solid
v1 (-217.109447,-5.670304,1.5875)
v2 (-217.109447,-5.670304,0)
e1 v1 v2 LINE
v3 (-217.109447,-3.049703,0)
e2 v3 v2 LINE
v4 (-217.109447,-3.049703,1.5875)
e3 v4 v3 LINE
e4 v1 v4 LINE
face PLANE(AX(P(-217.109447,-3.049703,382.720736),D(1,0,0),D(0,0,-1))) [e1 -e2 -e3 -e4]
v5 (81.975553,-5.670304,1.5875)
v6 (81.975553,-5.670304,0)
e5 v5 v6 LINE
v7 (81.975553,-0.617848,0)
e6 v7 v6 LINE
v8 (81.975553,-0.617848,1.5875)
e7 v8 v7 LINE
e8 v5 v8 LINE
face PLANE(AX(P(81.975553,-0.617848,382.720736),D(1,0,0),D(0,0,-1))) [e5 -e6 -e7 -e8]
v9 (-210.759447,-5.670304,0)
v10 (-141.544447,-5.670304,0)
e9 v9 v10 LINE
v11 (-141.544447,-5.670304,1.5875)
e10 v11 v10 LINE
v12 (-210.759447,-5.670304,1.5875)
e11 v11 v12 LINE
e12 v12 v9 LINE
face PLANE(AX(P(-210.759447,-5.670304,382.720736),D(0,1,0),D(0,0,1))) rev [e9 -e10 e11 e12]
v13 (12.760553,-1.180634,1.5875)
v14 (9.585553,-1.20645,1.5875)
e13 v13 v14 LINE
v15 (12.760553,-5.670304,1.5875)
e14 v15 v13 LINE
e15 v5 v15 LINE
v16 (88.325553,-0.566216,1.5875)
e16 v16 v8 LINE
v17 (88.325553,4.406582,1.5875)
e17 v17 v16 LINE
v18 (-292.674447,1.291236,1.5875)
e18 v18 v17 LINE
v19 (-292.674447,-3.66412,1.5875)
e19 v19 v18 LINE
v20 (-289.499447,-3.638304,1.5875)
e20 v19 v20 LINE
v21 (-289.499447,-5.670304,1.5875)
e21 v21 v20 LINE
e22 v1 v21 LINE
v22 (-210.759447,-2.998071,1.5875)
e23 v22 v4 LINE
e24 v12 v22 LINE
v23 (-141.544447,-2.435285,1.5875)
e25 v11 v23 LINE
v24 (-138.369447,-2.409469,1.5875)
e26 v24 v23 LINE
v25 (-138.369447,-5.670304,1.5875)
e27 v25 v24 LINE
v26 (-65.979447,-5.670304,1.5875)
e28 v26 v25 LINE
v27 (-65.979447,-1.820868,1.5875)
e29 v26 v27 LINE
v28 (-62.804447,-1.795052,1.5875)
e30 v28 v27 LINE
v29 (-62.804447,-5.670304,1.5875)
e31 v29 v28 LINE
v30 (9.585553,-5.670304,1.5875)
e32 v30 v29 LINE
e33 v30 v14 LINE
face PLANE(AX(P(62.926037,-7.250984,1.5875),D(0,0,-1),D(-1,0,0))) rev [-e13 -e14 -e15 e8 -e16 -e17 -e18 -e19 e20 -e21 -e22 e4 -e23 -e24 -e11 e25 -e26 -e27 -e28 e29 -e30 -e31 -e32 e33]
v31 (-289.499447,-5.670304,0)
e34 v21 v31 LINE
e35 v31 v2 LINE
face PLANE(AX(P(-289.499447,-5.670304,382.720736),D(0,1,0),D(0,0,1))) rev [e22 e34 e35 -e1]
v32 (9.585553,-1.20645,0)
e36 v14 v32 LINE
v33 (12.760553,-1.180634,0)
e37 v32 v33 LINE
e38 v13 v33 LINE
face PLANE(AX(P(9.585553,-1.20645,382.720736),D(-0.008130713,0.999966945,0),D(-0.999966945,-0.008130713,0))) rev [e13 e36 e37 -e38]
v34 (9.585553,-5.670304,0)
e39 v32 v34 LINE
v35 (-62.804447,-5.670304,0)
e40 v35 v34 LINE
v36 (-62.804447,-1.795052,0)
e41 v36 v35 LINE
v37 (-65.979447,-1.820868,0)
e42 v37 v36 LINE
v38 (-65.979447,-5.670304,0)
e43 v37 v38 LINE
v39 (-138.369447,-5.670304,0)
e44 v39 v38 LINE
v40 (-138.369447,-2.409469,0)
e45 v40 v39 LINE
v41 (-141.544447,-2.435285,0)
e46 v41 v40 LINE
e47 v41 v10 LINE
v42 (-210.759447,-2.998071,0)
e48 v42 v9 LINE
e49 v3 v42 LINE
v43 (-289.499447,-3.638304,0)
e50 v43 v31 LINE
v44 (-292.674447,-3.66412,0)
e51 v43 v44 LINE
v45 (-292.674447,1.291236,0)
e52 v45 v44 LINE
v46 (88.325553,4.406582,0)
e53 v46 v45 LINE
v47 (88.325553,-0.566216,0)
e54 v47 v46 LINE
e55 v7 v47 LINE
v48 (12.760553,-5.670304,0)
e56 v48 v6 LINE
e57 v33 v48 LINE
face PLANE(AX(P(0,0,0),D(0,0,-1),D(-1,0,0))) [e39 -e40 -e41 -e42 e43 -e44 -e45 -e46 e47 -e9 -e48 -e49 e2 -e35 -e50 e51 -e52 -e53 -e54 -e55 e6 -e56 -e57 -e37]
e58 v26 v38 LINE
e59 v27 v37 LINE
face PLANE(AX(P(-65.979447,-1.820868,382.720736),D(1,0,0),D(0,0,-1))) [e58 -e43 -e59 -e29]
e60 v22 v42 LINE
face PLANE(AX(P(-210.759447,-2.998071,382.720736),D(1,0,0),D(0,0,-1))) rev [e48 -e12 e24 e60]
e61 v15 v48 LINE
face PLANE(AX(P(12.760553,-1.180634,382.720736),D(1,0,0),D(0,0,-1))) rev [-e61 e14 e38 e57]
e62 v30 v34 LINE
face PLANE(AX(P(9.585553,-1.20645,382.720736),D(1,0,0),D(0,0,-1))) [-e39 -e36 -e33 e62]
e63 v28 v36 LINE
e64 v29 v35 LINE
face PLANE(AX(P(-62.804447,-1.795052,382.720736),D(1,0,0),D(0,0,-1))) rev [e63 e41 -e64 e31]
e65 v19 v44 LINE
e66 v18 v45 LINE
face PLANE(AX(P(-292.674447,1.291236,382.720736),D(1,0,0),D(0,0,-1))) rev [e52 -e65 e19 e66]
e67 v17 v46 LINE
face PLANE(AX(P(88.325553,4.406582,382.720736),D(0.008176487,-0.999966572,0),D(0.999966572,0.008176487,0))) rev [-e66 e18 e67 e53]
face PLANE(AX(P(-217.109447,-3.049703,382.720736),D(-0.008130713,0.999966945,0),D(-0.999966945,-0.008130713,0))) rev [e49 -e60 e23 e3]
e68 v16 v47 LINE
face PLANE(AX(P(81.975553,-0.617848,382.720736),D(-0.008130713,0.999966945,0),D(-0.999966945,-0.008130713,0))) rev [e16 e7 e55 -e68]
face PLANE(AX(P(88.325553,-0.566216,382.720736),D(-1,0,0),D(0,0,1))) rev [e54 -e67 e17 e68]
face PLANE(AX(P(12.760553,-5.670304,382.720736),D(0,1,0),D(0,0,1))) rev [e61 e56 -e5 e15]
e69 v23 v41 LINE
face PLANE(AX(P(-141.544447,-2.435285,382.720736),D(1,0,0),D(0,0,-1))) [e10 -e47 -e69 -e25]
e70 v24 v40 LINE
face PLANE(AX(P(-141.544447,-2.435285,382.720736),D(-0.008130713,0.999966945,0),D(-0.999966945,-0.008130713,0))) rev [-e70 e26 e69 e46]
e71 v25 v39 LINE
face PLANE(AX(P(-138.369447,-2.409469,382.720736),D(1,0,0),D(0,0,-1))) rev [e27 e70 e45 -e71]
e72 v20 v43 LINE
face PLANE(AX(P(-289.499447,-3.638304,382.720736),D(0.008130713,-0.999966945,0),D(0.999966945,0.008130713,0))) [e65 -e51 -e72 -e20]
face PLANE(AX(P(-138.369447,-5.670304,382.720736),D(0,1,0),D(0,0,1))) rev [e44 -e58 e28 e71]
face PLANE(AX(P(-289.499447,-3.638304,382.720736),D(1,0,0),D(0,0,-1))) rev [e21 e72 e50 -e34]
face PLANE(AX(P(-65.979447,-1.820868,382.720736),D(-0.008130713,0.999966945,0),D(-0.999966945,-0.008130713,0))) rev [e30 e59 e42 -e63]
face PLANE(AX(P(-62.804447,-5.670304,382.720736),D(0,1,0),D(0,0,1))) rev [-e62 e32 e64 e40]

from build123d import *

# Parameters (mm, degrees)
BOSS_EXTRUDE2_DEPTH = 1.5875


with BuildPart() as part:
    # Sketch1 → Boss-Extrude2 (new body)
    with BuildSketch(Plane.XY):
        Polygon((88.325552841, -0.566216396), (88.325552841, 4.406581997), (-292.67444716, 1.291236223), (-292.67444716, -3.664120361), (-289.49944716, -3.638304495), (-289.49944716, -5.670304495), (-217.10944716, -5.670304495), (-217.10944716, -3.049702741), (-210.75944716, -2.998071009), (-210.75944716, -5.670304495), (-141.54444716, -5.670304495), (-141.54444716, -2.435285122), (-138.36944716, -2.409469255), (-138.36944716, -5.670304495), (-65.97944716, -5.670304495), (-65.97944716, -1.820867502), (-62.80444716, -1.795051635), (-62.80444716, -5.670304495), (9.585552841, -5.670304495), (9.585552841, -1.206449882), (12.760552841, -1.180634015), (12.760552841, -5.670304495), (81.975552841, -5.670304495), (81.975552841, -0.617848128), align=None)
    extrude(amount=BOSS_EXTRUDE2_DEPTH)


solid = part.part
